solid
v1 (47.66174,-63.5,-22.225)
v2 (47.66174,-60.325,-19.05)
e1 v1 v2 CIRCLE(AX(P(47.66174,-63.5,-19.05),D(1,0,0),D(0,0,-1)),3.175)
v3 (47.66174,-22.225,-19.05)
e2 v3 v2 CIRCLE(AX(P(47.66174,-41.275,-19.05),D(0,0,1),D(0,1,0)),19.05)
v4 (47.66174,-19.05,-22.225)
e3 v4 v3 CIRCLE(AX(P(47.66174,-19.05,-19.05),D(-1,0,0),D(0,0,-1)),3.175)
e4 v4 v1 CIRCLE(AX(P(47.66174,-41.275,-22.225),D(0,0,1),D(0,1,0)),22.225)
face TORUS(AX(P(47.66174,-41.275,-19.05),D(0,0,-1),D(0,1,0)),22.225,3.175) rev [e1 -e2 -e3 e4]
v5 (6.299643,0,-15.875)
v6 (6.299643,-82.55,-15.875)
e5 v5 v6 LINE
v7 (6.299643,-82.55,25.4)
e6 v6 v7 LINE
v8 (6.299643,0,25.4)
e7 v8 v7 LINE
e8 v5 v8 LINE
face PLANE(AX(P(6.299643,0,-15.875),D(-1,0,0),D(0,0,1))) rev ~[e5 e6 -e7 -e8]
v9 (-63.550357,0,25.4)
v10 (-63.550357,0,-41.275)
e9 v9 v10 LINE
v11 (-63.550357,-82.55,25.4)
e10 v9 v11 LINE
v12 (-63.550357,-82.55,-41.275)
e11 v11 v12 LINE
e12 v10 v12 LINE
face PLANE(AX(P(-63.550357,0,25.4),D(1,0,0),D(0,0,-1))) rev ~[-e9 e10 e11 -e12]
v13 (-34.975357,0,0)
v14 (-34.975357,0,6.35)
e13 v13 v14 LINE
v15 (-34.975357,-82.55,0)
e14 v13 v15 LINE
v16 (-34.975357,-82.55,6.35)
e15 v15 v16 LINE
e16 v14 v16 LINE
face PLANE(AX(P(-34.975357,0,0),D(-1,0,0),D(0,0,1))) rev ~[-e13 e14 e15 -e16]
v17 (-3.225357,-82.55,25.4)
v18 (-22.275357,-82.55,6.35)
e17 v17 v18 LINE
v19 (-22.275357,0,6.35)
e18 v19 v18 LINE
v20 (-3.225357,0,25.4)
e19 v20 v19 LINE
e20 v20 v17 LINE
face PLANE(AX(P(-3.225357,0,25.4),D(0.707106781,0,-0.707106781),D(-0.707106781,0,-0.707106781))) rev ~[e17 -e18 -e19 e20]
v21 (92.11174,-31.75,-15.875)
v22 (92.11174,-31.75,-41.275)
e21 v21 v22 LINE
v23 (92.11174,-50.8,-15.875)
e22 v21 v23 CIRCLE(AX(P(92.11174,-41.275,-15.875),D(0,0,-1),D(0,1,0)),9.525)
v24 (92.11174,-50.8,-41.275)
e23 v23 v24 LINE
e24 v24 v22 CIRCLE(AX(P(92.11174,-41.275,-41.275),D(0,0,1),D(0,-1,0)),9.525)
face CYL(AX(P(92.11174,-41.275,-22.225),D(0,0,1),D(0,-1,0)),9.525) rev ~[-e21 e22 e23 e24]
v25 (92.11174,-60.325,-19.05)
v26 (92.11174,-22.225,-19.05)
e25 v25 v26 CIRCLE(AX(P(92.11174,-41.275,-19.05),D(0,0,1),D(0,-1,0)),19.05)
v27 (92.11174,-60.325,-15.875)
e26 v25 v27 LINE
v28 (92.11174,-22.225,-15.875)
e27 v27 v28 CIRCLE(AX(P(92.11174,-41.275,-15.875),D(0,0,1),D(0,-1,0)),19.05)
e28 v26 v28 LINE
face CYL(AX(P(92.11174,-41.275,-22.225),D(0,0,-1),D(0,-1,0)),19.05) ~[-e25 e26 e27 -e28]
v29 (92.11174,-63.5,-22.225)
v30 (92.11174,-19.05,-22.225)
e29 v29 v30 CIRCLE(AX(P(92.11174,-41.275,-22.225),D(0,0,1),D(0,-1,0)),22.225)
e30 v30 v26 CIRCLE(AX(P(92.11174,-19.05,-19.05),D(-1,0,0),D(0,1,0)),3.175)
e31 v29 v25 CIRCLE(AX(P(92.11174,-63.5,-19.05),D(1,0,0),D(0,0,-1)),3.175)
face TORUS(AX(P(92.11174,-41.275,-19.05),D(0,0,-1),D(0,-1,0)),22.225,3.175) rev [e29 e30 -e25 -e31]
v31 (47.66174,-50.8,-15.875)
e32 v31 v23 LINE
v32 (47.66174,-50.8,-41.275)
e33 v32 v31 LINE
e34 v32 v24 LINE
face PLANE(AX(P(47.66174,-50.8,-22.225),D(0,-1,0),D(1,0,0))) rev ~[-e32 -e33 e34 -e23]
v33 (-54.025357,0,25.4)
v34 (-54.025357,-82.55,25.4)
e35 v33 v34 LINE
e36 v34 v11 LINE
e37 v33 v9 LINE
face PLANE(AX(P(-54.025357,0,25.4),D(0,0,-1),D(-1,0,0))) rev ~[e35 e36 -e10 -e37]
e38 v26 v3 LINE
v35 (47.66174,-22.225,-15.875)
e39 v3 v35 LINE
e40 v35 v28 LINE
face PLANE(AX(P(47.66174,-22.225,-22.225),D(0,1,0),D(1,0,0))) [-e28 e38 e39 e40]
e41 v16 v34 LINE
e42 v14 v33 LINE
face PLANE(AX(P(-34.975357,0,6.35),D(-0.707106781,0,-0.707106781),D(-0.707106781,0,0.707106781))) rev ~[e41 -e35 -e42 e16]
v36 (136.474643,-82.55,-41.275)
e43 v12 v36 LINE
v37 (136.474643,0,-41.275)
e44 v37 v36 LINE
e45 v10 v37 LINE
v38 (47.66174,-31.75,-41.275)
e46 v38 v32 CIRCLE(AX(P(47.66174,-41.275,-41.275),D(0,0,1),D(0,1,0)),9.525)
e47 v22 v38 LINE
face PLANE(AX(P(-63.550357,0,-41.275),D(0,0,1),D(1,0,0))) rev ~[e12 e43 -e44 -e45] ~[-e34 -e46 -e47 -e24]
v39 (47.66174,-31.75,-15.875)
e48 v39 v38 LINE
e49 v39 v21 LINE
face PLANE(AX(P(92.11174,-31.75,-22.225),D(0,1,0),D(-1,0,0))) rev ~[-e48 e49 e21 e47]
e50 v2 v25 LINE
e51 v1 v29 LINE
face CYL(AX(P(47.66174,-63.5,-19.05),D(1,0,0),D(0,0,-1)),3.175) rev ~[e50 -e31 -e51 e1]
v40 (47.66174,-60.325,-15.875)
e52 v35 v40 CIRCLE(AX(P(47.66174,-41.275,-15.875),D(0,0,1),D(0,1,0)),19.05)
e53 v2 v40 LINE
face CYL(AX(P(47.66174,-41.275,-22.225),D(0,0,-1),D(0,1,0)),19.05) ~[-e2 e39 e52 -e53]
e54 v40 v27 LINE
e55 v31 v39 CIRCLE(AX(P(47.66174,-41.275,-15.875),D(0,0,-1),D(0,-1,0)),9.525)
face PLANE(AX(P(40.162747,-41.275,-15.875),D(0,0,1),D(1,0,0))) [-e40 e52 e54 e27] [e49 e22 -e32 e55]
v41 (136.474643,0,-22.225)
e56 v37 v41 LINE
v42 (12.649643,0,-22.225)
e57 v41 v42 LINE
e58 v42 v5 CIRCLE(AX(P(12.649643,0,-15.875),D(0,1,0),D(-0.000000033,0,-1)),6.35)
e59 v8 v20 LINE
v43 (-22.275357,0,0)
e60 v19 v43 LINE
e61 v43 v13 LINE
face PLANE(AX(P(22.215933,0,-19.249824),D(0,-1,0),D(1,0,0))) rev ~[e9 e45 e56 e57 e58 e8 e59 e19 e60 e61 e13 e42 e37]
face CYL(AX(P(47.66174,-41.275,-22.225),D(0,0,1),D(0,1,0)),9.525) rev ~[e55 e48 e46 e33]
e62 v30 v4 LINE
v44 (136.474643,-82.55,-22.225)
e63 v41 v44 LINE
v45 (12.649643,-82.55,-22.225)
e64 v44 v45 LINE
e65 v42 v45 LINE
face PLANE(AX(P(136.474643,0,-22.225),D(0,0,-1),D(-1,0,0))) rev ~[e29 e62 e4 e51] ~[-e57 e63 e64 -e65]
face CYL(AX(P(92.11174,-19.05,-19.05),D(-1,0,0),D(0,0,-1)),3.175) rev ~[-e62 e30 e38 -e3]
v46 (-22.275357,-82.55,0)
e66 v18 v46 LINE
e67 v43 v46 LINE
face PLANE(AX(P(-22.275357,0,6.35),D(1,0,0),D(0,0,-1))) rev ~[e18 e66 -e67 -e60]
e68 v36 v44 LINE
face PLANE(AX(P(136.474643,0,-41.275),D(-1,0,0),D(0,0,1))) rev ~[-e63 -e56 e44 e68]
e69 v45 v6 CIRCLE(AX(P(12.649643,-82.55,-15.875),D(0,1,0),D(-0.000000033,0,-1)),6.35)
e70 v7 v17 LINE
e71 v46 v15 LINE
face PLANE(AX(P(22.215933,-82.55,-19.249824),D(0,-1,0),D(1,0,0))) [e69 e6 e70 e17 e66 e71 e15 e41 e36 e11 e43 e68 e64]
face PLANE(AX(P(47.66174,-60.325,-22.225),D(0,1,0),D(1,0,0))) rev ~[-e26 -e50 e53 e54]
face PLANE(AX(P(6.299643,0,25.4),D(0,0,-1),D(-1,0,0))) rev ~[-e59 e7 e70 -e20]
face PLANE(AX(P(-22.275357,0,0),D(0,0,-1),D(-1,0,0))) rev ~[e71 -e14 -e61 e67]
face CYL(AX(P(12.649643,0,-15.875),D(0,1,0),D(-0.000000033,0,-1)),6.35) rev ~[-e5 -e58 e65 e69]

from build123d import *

# Parameters (mm, degrees)
F1_DEPTH = 82.55
F2_W     = 44.45
F2_H     = 9.525
F3_DEPTH = 6.35
F4_DEPTH = 25.4
F5_R     = 3.175


with BuildPart() as f1:
    # F0 (on Front) → F1 (new body)
    with BuildSketch(Plane.XZ):
        with BuildLine():
            Line((-54.025357, 25.4), (-63.550357, 25.4))
            Line((-63.550357, 25.4), (-63.550357, -41.275))
            Line((-63.550357, -41.275), (136.474643, -41.275))
            Line((136.474643, -41.275), (136.474643, -22.225))
            Line((136.474643, -22.225), (12.649643, -22.225))
            ThreePointArc((12.649643, -22.225), (8.159515, -20.365128), (6.299643, -15.875))
            Line((6.299643, -15.875), (6.299643, 25.4))
            Line((6.299643, 25.4), (-3.225357, 25.4))
            Line((-3.225357, 25.4), (-22.275357, 6.35))
            Line((-22.275357, 6.35), (-22.275357, 0))
            Line((-22.275357, 0), (-34.975357, 0))
            Line((-34.975357, 0), (-34.975357, 6.35))
            Line((-34.975357, 6.35), (-54.025357, 25.4))
        make_face()
    extrude(amount=F1_DEPTH)

    # F2 (on face) → F3 (join)
    with BuildSketch(Plane.XY.offset(-22.225)):
        with BuildLine():
            Line((47.66174, -60.325), (47.66174, -50.8))
            ThreePointArc((47.66174, -50.8), (38.13674, -41.275), (47.66174, -31.75))
            Line((47.66174, -31.75), (47.66174, -22.225))
            ThreePointArc((47.66174, -22.225), (28.61174, -41.275), (47.66174, -60.325))
        make_face()
        with Locations((69.88674, -55.5625)):
            Rectangle(F2_W, F2_H)
        with BuildLine():
            ThreePointArc((92.11174, -31.75), (101.63674, -41.275), (92.11174, -50.8))
            Line((92.11174, -50.8), (92.11174, -60.325))
            ThreePointArc((92.11174, -60.325), (111.16174, -41.275), (92.11174, -22.225))
            Line((92.11174, -22.225), (92.11174, -31.75))
        make_face()
        with Locations((69.88674, -26.9875)):
            Rectangle(F2_W, F2_H)
    extrude(amount=F3_DEPTH)

    # F3_face (on face) → F4 (cut)
    with BuildSketch(Plane(origin=(69.88674, -41.275, -22.225), x_dir=(1, 0, 0), z_dir=(0, 0, 1))):
        with BuildLine():
            Line((-22.225, -9.525), (22.225, -9.525))
            ThreePointArc((22.225, -9.525), (31.75, 0), (22.225, 9.525))
            Line((22.225, 9.525), (-22.225, 9.525))
            ThreePointArc((-22.225, 9.525), (-31.75, 0), (-22.225, -9.525))
        make_face()
    extrude(amount=-F4_DEPTH, mode=Mode.SUBTRACT)

    # F5
    f5_edges = [f1.edges().sort_by_distance(p)[0] for p in [
        (69.88674, -60.325, -22.225),
    ]]
    fillet(f5_edges, radius=F5_R)


solid = f1.part
